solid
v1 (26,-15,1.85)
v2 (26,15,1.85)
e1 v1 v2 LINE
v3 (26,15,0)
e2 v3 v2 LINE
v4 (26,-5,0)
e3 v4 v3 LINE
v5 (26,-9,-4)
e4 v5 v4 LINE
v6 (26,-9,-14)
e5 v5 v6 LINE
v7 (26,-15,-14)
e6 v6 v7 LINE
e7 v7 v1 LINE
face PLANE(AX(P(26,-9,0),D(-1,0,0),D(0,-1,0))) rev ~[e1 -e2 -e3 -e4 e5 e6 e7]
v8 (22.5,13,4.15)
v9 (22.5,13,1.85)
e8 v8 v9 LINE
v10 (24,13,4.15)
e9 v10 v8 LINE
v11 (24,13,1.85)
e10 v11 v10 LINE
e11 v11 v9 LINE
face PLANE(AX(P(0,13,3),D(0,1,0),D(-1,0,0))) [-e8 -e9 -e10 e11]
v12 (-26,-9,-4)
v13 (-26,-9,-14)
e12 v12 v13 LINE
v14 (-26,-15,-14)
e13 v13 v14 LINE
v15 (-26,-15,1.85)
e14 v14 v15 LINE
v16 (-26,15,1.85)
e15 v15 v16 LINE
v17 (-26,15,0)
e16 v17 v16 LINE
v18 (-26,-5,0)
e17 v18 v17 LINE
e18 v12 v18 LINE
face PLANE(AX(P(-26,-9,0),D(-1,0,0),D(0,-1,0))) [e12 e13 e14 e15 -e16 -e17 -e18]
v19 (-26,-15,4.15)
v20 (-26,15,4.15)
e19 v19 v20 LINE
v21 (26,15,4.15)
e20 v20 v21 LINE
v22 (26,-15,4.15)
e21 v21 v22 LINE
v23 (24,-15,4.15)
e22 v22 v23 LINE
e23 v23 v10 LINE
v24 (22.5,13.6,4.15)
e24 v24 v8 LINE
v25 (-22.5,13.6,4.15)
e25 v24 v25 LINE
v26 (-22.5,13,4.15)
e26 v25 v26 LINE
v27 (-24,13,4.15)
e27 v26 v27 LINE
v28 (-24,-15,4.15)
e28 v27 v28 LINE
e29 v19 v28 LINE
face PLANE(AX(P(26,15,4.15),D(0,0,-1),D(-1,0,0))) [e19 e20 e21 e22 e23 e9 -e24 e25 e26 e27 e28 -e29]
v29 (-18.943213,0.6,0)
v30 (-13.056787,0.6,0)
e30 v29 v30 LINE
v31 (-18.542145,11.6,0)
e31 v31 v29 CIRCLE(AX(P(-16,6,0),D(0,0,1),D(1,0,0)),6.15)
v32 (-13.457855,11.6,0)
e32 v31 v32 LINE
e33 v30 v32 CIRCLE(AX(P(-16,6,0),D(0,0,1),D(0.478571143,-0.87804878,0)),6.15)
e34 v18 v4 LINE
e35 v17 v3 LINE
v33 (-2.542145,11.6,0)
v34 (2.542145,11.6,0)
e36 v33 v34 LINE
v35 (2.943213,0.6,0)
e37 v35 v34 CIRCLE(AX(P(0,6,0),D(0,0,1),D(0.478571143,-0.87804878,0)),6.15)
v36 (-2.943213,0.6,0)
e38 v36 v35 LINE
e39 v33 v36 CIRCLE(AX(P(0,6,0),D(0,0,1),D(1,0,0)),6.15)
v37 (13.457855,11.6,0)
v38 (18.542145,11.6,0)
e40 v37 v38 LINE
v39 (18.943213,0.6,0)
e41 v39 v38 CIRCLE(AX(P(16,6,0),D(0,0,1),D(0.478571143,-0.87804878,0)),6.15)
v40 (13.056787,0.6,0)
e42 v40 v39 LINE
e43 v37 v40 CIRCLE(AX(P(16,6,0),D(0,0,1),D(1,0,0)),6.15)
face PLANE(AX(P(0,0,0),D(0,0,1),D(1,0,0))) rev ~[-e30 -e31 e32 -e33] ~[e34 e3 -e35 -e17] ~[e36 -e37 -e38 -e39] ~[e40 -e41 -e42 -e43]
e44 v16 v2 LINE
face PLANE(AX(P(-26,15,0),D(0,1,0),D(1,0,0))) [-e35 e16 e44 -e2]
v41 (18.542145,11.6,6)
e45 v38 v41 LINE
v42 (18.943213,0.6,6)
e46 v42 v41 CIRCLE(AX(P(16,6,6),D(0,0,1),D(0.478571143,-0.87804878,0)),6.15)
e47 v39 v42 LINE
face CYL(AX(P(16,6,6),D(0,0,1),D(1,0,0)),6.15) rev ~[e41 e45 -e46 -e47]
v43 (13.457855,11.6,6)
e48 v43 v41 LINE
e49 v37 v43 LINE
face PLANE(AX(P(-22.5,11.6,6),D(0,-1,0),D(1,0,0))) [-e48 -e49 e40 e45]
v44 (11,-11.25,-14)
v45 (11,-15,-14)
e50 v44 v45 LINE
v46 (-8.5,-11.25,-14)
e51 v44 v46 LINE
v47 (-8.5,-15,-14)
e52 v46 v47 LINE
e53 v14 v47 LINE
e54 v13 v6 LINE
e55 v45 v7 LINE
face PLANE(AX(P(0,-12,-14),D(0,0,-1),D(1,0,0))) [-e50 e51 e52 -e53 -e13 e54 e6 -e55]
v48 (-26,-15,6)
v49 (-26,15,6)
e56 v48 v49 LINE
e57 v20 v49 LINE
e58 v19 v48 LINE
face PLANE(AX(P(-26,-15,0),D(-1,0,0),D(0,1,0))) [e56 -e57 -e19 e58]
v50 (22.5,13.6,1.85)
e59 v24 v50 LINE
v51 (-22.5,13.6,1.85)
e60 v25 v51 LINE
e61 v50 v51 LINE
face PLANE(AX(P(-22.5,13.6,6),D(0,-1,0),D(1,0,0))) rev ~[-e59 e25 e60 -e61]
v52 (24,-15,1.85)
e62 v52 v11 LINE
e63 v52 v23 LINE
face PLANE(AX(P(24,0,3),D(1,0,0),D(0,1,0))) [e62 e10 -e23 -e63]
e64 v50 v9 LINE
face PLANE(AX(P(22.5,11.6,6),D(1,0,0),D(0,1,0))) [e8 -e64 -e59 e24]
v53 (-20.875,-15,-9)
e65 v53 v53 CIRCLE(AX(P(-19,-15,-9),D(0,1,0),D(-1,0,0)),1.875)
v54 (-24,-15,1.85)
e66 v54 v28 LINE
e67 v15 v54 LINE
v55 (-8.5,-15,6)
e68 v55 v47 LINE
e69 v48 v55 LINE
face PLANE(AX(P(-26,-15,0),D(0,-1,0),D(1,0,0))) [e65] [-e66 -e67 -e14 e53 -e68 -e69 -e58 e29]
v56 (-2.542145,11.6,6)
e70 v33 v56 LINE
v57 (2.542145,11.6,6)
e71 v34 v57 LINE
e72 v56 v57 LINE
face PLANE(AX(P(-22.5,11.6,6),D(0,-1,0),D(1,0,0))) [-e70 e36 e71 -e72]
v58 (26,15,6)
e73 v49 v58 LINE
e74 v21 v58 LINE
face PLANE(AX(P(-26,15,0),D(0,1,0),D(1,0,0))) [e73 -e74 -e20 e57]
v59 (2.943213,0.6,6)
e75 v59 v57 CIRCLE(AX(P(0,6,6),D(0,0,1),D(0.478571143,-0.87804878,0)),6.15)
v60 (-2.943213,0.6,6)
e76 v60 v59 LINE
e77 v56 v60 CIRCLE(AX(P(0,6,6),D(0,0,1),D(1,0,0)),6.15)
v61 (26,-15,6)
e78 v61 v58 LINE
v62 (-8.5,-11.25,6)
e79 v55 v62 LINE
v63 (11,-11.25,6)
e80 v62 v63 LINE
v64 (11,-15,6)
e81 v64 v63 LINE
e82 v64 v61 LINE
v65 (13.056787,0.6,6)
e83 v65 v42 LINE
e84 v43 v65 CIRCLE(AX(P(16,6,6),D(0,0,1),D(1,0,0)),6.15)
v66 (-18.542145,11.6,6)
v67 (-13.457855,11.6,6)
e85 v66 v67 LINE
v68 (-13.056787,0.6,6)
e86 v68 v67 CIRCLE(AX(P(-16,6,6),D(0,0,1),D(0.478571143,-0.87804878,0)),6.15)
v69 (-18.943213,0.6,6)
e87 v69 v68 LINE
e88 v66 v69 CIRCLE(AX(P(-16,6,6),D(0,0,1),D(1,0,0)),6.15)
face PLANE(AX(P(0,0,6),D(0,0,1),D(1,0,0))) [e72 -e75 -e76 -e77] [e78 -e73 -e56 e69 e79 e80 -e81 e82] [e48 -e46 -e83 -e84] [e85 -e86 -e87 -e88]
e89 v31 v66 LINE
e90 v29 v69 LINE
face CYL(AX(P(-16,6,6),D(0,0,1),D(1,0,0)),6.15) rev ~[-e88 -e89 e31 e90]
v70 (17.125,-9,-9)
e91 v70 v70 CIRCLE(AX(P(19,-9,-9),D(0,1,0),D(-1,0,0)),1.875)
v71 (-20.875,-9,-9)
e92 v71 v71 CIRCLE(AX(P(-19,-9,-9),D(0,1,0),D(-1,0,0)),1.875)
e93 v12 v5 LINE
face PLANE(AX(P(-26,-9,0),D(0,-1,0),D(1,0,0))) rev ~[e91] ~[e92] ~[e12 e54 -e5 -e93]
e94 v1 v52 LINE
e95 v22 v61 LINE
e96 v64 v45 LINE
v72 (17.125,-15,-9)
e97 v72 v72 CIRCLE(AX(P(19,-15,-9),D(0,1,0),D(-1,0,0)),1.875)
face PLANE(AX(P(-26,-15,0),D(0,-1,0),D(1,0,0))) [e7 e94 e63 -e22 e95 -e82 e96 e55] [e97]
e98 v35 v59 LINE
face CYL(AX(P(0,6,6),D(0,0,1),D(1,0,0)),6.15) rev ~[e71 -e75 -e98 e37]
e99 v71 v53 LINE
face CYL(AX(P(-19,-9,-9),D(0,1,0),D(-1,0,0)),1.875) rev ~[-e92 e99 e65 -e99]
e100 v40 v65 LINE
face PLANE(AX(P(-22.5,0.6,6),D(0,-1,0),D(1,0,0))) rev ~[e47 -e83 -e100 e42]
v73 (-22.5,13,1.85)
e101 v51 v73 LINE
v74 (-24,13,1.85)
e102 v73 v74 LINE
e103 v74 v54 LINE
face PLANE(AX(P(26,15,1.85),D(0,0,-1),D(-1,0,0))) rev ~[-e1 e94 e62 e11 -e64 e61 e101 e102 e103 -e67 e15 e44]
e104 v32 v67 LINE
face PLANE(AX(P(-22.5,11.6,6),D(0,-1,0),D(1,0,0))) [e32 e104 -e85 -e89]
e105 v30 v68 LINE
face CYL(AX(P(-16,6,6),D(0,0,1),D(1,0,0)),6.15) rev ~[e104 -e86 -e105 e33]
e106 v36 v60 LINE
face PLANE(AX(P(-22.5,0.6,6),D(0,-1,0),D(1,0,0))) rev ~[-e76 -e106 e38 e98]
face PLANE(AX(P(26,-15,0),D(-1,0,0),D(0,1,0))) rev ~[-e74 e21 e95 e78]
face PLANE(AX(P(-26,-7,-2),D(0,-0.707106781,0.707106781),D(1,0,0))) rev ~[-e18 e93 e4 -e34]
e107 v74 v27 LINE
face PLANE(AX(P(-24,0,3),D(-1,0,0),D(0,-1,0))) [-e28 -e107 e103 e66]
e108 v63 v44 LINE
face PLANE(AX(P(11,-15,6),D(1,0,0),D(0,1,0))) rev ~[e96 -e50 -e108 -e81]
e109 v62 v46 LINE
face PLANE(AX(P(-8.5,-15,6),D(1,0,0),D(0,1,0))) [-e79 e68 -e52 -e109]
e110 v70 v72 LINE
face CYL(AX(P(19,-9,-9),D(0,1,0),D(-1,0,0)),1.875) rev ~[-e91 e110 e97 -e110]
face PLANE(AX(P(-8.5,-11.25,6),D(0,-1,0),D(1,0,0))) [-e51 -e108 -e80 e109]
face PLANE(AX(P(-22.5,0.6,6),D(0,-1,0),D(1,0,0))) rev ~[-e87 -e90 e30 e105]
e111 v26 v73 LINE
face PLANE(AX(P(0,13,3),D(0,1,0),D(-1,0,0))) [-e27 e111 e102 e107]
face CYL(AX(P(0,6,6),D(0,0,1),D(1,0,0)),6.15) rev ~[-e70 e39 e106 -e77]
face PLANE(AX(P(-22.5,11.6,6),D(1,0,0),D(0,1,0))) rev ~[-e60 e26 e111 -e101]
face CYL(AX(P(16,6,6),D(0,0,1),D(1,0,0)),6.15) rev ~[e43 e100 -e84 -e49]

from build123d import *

# Parameters (mm, degrees)
SKETCH_W        = 52
SKETCH_H        = 30
PAD_DEPTH       = 6
SKETCH001_R     = 6.15
POCKET_DEPTH    = 6
SKETCH002_W     = 30
SKETCH002_H     = 2.3
POCKET001_DEPTH = 2
SKETCH003_W     = 52
SKETCH003_H     = 2.3
POCKET002_DEPTH = 2
SKETCH004_W     = 30
SKETCH004_H     = 2.3
POCKET003_DEPTH = 2
SKETCH005_W     = 52
SKETCH005_H     = 6
PAD001_DEPTH    = 14
SKETCH006_W     = 19.5
SKETCH006_H     = 3.75
POCKET004_DEPTH = 26
CHAMFER_SIZE    = 4
SKETCH007_W     = 45
SKETCH007_H     = 2
PAD002_DEPTH    = 6
SKETCH008_R     = 1.875
POCKET005_DEPTH = 6


with BuildPart() as part:
    # Sketch → Pad (new body)
    with BuildSketch(Plane.XY):
        Rectangle(SKETCH_W, SKETCH_H)
    extrude(amount=PAD_DEPTH)

    # Sketch001 (on Face6 of Pad) → Pocket (cut)
    with BuildSketch(Plane.XY.offset(6)):
        with Locations((-16, 6)):
            Circle(SKETCH001_R)
        with Locations((0, 6)):
            Circle(SKETCH001_R)
        with Locations((16, 6)):
            Circle(SKETCH001_R)
    extrude(amount=-POCKET_DEPTH, mode=Mode.SUBTRACT)

    # Sketch002 (on Face3 of Pocket) → Pocket001 (cut)
    with BuildSketch(Plane.YZ.offset(26)):
        with Locations((0, 3)):
            Rectangle(SKETCH002_W, SKETCH002_H)
    extrude(amount=-POCKET001_DEPTH, mode=Mode.SUBTRACT)

    # Sketch003 (on Face1 of Pocket001) → Pocket002 (cut)
    with BuildSketch(Plane(origin=(0, 15, 0), x_dir=(-1, 0, 0), z_dir=(0, 1, 0))):
        with Locations((0, 3)):
            Rectangle(SKETCH003_W, SKETCH003_H)
    extrude(amount=-POCKET002_DEPTH, mode=Mode.SUBTRACT)

    # Sketch004 (on Face6 of Pocket002) → Pocket003 (cut)
    with BuildSketch(Plane(origin=(-26, 0, 0), x_dir=(0, -1, 0), z_dir=(-1, 0, 0))):
        with Locations((0, 3)):
            Rectangle(SKETCH004_W, SKETCH004_H)
    extrude(amount=-POCKET003_DEPTH, mode=Mode.SUBTRACT)

    # Sketch005 (on Face2 of Pocket003) → Pad001 (join)
    with BuildSketch(Plane(origin=(0, 0, 0), x_dir=(1, 0, 0), z_dir=(0, 0, -1))):
        with Locations((0, 12)):
            Rectangle(SKETCH005_W, SKETCH005_H)
    extrude(amount=PAD001_DEPTH)

    # Sketch006 (on Face19 of Pad001) → Pocket004 (cut)
    with BuildSketch(Plane.XY.offset(6)):
        with Locations((1.25, -13.125)):
            Rectangle(SKETCH006_W, SKETCH006_H)
    extrude(amount=-POCKET004_DEPTH, mode=Mode.SUBTRACT)

    # Chamfer
    chamfer_edges = [part.edges().sort_by_distance(p)[0] for p in [
        (0, -9, 0),
    ]]
    chamfer(chamfer_edges, length=CHAMFER_SIZE)

    # Sketch007 (on Face19 of Chamfer) → Pad002 (join)
    with BuildSketch(Plane.XY.offset(6)):
        with Locations((0, -0.4)):
            Rectangle(SKETCH007_W, SKETCH007_H)
        with Locations((0, 12.6)):
            Rectangle(SKETCH007_W, SKETCH007_H)
    extrude(amount=-PAD002_DEPTH)

    # Sketch008 (on Face16 of Pad002) → Pocket005 (cut)
    with BuildSketch(Plane(origin=(0, -9, 0), x_dir=(-1, 0, 0), z_dir=(0, 1, 0))):
        with Locations((-19, -9)):
            Circle(SKETCH008_R)
        with Locations((19, -9)):
            Circle(SKETCH008_R)
    extrude(amount=-POCKET005_DEPTH, mode=Mode.SUBTRACT)


solid = part.part
